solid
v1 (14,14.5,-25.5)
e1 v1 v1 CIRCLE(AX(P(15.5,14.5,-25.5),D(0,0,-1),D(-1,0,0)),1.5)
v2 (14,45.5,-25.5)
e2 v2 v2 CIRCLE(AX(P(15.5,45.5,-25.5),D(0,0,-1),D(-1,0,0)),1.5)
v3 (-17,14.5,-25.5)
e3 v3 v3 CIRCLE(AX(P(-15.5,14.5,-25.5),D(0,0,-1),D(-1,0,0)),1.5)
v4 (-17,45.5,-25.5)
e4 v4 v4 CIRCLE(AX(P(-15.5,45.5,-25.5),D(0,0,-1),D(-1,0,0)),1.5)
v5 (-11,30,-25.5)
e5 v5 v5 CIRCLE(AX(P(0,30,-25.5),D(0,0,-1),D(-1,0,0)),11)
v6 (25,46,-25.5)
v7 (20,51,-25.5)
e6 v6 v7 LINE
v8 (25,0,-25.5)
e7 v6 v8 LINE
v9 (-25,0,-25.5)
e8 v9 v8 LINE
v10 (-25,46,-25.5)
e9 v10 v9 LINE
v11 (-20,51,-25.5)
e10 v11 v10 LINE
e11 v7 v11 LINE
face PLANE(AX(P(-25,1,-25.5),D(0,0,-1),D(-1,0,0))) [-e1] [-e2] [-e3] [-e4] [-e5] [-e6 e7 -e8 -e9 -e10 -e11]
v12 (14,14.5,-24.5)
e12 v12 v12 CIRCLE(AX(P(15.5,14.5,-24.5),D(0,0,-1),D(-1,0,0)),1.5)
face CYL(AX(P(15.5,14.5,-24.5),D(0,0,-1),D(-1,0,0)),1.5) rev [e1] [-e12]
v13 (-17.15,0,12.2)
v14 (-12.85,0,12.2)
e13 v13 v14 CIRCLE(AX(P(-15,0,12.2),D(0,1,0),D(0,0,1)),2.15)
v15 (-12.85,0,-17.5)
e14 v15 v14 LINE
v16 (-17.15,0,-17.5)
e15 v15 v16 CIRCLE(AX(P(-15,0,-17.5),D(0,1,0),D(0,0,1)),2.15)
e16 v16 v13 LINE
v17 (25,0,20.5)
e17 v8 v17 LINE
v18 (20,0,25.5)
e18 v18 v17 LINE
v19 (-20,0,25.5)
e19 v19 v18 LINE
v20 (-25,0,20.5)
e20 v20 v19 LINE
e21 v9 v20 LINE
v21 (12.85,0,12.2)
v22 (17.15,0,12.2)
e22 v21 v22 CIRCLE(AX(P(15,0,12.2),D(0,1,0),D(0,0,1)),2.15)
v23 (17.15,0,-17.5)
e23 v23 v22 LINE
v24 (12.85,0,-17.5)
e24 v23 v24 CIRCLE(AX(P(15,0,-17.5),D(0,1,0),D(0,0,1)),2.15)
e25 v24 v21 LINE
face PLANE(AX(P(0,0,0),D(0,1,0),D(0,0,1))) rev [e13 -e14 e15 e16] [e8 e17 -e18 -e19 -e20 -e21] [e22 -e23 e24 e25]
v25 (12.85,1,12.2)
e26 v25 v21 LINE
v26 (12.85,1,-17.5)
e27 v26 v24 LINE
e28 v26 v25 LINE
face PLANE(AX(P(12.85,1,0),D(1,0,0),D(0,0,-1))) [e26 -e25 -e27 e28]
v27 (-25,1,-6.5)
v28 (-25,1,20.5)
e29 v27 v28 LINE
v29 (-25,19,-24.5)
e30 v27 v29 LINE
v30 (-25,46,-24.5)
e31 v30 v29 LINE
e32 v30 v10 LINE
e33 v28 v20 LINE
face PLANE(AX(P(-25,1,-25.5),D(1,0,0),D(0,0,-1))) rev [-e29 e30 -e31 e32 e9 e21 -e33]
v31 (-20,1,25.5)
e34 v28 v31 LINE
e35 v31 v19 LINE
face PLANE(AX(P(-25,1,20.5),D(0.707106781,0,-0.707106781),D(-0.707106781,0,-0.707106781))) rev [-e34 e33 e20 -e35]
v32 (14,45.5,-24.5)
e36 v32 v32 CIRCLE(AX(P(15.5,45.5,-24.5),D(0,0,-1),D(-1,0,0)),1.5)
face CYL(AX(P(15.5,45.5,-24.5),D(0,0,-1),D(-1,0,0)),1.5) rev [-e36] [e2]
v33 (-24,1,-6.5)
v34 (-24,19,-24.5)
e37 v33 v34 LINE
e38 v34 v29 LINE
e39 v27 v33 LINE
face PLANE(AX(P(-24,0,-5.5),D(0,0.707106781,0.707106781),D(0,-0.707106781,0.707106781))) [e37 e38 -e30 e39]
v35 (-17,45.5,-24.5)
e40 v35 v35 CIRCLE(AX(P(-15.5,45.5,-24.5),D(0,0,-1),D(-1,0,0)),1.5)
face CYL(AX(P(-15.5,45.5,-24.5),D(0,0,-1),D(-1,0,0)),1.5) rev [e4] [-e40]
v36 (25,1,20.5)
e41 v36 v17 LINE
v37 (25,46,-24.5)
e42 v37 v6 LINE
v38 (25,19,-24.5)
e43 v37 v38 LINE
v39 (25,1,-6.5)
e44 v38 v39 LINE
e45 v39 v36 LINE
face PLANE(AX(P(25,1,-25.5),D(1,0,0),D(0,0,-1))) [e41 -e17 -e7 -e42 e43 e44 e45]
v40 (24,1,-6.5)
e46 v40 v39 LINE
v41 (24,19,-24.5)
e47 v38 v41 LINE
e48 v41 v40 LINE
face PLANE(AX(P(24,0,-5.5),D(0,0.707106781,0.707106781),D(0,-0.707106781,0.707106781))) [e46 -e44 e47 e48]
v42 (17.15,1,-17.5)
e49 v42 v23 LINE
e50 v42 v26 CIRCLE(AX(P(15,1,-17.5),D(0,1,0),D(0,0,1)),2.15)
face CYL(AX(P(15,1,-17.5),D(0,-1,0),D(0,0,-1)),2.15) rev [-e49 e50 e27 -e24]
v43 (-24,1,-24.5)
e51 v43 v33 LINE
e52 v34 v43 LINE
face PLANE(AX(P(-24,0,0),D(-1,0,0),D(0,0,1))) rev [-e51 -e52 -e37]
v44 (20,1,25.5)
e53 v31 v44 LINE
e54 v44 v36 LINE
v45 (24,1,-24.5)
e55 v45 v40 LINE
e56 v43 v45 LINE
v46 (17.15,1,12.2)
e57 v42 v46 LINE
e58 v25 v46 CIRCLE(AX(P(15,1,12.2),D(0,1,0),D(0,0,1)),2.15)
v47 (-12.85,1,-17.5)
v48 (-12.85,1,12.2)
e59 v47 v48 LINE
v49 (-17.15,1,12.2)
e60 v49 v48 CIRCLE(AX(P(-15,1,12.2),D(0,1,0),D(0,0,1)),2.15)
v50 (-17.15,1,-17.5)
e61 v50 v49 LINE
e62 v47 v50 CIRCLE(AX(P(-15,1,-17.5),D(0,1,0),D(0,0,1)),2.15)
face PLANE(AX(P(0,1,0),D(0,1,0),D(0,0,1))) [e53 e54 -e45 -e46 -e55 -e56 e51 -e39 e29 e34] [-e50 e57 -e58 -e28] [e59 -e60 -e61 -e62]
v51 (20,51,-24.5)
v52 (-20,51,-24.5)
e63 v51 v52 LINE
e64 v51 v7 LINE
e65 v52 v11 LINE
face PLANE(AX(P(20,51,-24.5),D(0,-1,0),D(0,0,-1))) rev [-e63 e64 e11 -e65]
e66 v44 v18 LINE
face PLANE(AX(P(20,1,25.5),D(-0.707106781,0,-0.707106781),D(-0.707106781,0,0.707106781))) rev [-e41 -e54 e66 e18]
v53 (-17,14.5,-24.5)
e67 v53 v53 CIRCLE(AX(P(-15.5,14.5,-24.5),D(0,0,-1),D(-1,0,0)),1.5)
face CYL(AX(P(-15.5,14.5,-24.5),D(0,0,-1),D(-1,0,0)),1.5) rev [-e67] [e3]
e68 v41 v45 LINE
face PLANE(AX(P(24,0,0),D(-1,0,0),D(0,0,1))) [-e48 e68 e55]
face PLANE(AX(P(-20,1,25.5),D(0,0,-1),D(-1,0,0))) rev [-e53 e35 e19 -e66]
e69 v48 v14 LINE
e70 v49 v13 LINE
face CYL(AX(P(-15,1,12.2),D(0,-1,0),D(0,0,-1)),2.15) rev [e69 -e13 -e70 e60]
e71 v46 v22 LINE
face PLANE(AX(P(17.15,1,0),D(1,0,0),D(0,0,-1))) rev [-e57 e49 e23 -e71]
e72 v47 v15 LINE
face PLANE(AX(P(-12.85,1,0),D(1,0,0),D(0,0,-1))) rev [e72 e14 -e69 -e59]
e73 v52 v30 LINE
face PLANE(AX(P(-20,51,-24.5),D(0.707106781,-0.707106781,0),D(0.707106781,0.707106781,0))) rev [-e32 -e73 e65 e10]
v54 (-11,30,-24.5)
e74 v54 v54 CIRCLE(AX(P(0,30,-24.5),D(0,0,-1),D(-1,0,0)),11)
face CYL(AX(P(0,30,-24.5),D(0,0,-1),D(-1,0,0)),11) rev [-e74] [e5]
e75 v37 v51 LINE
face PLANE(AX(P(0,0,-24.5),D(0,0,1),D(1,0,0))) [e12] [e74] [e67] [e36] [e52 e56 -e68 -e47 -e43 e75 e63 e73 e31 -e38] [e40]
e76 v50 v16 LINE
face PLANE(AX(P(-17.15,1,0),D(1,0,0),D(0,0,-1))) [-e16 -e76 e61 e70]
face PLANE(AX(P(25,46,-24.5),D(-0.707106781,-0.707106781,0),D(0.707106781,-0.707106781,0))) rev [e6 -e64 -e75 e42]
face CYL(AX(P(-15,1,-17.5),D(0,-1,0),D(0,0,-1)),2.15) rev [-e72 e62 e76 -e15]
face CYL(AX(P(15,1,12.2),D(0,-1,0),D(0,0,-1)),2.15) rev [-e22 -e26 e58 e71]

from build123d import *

# Parameters (mm, degrees)
EXTRUDE_2_DEPTH = 1
SKETCH_4_R      = 11
SKETCH_4_R_2    = 1.5
EXTRUDE_3_DEPTH = 1
EXTRUDE_4_DEPTH = 1
EXTRUDE_5_DEPTH = 1


with BuildPart() as part:
    # 草图3 → 凸台-拉伸2 (new body)
    with BuildSketch(Plane(origin=(0, 0, 0), x_dir=(1, 0, 0), z_dir=(0, 1, 0))):
        Polygon((-25, -20.5), (-20, -25.5), (20, -25.5), (25, -20.5), (25, 25.5), (-25, 25.5), align=None)
        with BuildLine():
            Line((-12.85, 17.5), (-12.85, -12.2))
            ThreePointArc((-12.85, -12.2), (-15, -14.35), (-17.15, -12.2))
            Line((-17.15, -12.2), (-17.15, 17.5))
            ThreePointArc((-17.15, 17.5), (-15, 19.65), (-12.85, 17.5))
        make_face(mode=Mode.SUBTRACT)
        with BuildLine():
            Line((17.15, 17.5), (17.15, -12.2))
            ThreePointArc((17.15, -12.2), (15, -14.35), (12.85, -12.2))
            Line((12.85, -12.2), (12.85, 17.5))
            ThreePointArc((12.85, 17.5), (15, 19.65), (17.15, 17.5))
        make_face(mode=Mode.SUBTRACT)
    extrude(amount=EXTRUDE_2_DEPTH)

    # 草图4 → 凸台-拉伸3 (add)
    with BuildSketch(Plane(origin=(0, 0, -25.5), x_dir=(-1, 0, 0), z_dir=(0, 0, -1))):
        Polygon((-20, 51), (20, 51), (25, 46), (25, 0), (-25, 0), (-25, 46), align=None)
        with Locations((0, 30)):
            Circle(SKETCH_4_R, mode=Mode.SUBTRACT)
        with Locations((-15.5, 45.5)):
            Circle(SKETCH_4_R_2, mode=Mode.SUBTRACT)
        with Locations((15.5, 45.5)):
            Circle(SKETCH_4_R_2, mode=Mode.SUBTRACT)
        with Locations((15.5, 14.5)):
            Circle(SKETCH_4_R_2, mode=Mode.SUBTRACT)
        with Locations((-15.5, 14.5)):
            Circle(SKETCH_4_R_2, mode=Mode.SUBTRACT)
    extrude(amount=-EXTRUDE_3_DEPTH)

    # 草图5 → 凸台-拉伸4 (add)
    with BuildSketch(Plane.ZY.offset(25)):
        Polygon((-25.5, 20), (-25.5, 0), (-5.5, 0), align=None)
    extrude(amount=-EXTRUDE_4_DEPTH)

    # 草图6 → 凸台-拉伸5 (add)
    with BuildSketch(Plane(origin=(25, 0, 0), x_dir=(0, 0, -1), z_dir=(1, 0, 0))):
        Polygon((25.5, 20), (25.5, 0), (5.5, 0), align=None)
    extrude(amount=-EXTRUDE_5_DEPTH)


solid = part.part
